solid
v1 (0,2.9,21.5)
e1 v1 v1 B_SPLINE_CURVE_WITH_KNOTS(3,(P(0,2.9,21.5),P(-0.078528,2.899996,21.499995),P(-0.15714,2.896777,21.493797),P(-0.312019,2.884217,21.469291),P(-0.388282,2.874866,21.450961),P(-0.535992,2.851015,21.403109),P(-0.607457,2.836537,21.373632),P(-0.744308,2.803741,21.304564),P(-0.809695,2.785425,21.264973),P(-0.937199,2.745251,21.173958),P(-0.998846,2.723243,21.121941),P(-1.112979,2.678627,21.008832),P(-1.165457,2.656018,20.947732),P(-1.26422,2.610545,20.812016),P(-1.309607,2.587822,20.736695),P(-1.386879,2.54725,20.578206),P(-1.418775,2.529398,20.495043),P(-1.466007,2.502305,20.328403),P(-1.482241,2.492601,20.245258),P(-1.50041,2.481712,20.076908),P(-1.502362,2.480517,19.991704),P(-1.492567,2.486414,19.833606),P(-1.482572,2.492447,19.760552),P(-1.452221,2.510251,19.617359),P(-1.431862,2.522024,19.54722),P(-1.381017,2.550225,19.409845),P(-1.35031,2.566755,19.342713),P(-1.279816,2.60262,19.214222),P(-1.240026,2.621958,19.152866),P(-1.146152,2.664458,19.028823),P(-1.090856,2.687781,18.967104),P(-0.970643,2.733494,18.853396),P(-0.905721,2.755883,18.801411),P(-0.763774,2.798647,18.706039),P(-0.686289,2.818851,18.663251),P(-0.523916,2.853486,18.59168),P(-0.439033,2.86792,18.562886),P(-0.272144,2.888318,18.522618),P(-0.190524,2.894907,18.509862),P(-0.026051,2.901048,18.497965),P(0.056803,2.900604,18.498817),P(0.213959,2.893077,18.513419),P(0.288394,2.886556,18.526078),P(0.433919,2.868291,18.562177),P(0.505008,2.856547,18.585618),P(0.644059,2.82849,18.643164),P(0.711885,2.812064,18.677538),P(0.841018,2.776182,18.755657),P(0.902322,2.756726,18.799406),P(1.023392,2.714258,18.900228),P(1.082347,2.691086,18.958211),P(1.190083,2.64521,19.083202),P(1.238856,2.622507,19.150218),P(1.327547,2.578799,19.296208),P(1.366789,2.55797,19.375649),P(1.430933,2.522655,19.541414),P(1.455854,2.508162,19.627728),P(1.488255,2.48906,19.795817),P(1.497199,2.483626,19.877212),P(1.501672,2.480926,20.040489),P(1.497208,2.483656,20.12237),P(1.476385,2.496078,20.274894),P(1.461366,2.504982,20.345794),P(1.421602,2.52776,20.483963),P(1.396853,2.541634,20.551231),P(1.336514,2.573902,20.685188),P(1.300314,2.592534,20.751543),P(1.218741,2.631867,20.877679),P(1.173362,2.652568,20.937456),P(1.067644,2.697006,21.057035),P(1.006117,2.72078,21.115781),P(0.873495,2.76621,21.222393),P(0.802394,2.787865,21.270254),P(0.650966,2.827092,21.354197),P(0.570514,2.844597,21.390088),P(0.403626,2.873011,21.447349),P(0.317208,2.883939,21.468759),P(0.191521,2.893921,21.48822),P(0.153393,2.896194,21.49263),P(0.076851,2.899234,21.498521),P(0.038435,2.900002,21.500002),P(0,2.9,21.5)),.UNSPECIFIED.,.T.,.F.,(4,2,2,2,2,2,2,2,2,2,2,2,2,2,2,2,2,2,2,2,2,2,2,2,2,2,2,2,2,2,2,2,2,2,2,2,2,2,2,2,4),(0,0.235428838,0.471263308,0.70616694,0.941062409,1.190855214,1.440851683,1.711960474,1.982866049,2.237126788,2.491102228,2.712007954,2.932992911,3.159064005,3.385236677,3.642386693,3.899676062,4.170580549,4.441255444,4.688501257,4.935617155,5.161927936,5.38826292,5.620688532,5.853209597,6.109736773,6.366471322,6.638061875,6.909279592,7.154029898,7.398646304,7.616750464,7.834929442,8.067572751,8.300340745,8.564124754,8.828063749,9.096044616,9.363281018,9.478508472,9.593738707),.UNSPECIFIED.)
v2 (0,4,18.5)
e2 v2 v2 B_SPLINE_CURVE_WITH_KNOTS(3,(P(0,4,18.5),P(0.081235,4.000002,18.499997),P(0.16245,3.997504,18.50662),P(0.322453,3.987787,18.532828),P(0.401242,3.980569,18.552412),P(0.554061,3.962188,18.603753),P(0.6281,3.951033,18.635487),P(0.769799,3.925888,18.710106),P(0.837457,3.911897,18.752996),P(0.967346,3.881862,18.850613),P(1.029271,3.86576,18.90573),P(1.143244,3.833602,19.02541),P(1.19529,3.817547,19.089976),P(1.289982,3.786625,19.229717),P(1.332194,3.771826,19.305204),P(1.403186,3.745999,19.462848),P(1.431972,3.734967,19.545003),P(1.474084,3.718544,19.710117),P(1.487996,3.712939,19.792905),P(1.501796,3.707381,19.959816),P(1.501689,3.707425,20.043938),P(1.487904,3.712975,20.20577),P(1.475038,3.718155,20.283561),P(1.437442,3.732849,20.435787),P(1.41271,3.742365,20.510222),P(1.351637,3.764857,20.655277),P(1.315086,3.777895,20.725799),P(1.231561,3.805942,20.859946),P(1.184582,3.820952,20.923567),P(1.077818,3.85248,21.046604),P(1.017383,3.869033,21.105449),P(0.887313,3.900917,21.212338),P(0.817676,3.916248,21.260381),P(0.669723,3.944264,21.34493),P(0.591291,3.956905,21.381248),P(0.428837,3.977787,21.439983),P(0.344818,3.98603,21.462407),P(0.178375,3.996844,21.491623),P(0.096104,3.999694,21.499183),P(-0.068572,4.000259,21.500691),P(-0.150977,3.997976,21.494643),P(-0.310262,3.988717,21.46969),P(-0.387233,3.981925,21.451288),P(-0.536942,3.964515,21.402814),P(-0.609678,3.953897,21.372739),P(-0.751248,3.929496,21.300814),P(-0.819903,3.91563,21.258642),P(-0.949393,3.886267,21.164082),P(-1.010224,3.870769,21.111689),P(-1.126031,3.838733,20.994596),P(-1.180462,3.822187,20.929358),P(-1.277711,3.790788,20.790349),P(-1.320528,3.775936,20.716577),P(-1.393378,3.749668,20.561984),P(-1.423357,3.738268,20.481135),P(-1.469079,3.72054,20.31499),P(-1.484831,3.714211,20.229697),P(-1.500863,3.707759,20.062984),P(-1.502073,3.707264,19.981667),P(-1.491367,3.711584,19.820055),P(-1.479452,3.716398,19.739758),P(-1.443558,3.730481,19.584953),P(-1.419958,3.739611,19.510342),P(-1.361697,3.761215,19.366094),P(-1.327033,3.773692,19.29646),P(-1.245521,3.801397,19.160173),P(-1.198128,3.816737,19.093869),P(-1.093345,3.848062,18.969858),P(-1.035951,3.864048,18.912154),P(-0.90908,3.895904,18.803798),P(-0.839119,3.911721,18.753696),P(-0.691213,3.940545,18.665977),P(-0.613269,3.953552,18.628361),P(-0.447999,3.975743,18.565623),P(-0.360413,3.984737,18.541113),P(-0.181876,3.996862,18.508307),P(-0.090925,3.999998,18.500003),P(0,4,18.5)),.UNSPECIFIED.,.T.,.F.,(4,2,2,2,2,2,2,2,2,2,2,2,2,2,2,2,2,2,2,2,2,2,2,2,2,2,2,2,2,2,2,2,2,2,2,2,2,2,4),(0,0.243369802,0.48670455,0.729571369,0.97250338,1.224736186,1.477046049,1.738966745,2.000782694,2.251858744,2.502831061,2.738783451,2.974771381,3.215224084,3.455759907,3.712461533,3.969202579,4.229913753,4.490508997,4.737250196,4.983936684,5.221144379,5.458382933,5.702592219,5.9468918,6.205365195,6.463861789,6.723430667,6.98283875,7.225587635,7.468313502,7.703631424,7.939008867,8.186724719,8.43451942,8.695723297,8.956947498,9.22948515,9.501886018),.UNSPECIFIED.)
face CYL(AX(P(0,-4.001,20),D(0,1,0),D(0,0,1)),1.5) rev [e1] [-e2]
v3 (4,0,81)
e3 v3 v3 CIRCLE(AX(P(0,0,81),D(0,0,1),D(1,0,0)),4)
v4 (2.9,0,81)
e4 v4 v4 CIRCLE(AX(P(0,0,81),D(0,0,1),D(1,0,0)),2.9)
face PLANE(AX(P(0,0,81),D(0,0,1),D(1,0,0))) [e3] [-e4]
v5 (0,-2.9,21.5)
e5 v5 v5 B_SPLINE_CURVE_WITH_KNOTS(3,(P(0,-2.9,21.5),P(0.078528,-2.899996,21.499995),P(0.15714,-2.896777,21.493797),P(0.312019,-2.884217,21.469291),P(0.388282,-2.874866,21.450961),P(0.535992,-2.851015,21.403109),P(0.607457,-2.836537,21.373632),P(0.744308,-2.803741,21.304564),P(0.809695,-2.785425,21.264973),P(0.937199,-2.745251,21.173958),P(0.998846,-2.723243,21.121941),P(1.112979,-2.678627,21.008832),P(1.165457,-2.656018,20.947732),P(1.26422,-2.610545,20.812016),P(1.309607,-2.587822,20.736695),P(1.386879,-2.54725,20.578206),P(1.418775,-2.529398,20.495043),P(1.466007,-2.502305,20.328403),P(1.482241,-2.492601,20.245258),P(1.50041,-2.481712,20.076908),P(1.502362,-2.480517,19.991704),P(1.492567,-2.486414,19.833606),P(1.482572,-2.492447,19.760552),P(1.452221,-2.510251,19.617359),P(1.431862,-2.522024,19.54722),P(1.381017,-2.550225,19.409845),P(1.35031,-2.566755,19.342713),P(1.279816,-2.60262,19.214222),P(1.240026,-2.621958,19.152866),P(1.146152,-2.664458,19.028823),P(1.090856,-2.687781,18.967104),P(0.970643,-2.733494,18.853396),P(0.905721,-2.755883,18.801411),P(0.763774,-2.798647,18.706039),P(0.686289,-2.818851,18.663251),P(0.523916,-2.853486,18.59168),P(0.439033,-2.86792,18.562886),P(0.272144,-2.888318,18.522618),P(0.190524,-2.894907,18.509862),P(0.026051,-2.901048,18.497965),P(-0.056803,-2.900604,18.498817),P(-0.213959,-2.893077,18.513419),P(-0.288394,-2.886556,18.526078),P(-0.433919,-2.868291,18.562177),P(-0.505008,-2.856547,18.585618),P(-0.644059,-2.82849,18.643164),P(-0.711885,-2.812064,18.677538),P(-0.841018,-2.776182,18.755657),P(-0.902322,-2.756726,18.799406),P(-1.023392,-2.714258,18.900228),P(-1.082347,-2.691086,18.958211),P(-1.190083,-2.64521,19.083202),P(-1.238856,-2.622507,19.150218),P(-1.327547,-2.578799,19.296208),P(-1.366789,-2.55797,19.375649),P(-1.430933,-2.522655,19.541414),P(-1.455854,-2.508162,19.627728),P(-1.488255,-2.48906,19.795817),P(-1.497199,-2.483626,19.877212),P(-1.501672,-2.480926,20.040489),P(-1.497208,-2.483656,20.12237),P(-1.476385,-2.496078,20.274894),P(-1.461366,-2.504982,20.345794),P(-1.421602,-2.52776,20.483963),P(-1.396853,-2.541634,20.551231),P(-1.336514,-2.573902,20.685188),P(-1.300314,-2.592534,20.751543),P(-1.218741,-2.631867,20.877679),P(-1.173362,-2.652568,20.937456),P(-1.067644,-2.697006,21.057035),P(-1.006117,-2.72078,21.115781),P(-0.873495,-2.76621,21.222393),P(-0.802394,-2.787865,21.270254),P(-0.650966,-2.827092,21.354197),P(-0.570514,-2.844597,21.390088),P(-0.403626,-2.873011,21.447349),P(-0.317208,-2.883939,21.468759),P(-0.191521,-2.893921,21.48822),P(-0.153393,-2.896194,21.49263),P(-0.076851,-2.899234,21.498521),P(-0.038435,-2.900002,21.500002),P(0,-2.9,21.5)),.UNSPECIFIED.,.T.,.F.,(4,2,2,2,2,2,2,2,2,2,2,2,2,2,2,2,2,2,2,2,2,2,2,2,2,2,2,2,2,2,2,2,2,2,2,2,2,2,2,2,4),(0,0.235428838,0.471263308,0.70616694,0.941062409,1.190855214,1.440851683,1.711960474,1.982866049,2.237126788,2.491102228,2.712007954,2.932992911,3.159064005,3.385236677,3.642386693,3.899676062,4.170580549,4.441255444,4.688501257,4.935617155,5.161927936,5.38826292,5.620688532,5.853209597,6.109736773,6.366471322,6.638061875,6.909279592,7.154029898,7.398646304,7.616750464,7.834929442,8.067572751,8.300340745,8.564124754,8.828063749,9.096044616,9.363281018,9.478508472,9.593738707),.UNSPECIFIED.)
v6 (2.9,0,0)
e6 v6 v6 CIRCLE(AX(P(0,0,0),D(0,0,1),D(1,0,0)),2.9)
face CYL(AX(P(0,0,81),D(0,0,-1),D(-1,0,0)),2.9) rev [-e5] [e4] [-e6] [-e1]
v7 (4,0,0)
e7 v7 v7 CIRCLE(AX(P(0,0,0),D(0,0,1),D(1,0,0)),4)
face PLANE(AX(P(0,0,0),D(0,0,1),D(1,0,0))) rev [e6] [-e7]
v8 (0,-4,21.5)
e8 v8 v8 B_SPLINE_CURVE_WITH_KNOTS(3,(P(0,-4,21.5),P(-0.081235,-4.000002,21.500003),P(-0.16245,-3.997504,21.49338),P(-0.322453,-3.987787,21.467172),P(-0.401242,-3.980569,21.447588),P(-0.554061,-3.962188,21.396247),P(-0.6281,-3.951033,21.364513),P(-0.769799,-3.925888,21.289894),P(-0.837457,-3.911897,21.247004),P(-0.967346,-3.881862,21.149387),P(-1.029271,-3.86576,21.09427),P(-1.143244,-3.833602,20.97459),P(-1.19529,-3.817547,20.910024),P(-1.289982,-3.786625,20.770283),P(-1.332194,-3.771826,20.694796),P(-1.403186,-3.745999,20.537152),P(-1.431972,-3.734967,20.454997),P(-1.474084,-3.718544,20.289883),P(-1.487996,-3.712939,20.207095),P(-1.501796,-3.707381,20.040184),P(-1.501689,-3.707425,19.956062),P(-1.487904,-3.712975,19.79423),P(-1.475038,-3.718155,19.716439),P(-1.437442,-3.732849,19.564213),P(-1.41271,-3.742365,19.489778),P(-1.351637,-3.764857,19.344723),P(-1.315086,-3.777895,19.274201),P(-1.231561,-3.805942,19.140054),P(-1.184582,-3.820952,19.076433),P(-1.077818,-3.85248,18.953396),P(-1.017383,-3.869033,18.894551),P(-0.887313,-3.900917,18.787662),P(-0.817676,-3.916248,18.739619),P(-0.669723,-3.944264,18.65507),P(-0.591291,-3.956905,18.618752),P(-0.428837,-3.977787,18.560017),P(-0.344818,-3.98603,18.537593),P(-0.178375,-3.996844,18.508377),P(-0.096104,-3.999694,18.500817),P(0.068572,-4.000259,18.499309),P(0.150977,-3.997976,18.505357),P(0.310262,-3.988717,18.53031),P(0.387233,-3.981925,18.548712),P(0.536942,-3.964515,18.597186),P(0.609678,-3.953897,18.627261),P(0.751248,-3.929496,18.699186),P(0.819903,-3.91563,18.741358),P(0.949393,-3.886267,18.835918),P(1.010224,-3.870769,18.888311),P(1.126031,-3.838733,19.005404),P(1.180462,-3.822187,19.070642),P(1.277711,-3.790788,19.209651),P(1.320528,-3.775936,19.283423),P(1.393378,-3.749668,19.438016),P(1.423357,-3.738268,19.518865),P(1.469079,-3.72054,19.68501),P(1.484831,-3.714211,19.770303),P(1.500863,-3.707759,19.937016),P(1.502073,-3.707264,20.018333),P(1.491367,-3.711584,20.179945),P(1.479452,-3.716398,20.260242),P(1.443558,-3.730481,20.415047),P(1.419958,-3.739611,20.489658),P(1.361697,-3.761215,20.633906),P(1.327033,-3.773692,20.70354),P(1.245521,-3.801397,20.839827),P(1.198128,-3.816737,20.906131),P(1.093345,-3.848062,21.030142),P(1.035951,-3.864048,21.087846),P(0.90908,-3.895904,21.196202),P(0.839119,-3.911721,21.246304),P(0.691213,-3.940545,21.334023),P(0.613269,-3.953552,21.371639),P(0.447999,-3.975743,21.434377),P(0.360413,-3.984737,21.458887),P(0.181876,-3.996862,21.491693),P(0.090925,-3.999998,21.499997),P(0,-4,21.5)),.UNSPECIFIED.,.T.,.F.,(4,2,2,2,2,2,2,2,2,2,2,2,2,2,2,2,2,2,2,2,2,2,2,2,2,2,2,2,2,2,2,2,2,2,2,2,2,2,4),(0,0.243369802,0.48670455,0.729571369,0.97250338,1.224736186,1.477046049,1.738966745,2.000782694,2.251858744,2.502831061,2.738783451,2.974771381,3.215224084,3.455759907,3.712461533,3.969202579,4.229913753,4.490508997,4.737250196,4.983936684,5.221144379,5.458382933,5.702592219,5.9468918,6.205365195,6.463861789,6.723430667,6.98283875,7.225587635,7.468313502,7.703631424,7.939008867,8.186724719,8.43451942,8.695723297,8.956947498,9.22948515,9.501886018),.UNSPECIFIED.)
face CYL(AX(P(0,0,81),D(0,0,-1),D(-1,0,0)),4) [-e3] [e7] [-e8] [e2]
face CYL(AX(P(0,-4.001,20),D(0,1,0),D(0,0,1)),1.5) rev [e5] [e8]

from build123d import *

# Parameters (mm, degrees)
SKETCH1_R                           = 4
SKETCH1_R_2                         = 2.9
SHAFT_BOSS_EXTRUDE1_DEPTH           = 81
CUT_EXTRUDE1_REACH                  = 83.197
CUT_EXTRUDE1_END_RADIUS             = 4
SKETCH2_R                           = 1.5
CUT_EXTRUDE1_DIRECTION_2_REACH      = 83.197
CUT_EXTRUDE1_DIRECTION_2_END_RADIUS = 4


with BuildPart() as part:
    # Sketch1 → Shaft Boss-Extrude1 (new body)
    with BuildSketch(Plane.XY):
        Circle(SKETCH1_R)
        Circle(SKETCH1_R_2, mode=Mode.SUBTRACT)
    extrude(amount=SHAFT_BOSS_EXTRUDE1_DEPTH)

    # Cut-Extrude1: up to this cylinder (the profile starts inside it)
    cut_extrude1_end = Plane(origin=(0, 0, 20), z_dir=(0, 0, -1)) * Cylinder(CUT_EXTRUDE1_END_RADIUS, 175.394, mode=Mode.PRIVATE)
    # Sketch2 → Cut-Extrude1 (cut, up to the surface)
    with BuildSketch(Plane(origin=(0, 0, 0), x_dir=(1, 0, 0), z_dir=(0, 1, 0)), mode=Mode.PRIVATE) as cut_extrude1_sk1:
        with Locations(Location((0, -20, 0), (0, 0, 270))):
            Circle(SKETCH2_R)
    cut_extrude1_tool1 = extrude(cut_extrude1_sk1.sketch, amount=-CUT_EXTRUDE1_REACH, mode=Mode.PRIVATE) & cut_extrude1_end
    add(cut_extrude1_tool1.solids().sort_by_distance((0, 0, 20))[0], mode=Mode.SUBTRACT)

    # Cut-Extrude1 direction 2: up to this cylinder (the profile starts inside it)
    cut_extrude1_direction_2_end = Plane(origin=(0, 0, 20), z_dir=(0, 0, -1)) * Cylinder(CUT_EXTRUDE1_DIRECTION_2_END_RADIUS, 175.394, mode=Mode.PRIVATE)
    # Sketch2 → Cut-Extrude1 direction 2 (cut, up to the surface)
    with BuildSketch(Plane(origin=(0, 0, 0), x_dir=(1, 0, 0), z_dir=(0, 1, 0)), mode=Mode.PRIVATE) as cut_extrude1_direction_2_sk1:
        with Locations(Location((0, -20, 0), (0, 0, 270))):
            Circle(SKETCH2_R)
    cut_extrude1_direction_2_tool1 = extrude(cut_extrude1_direction_2_sk1.sketch, amount=CUT_EXTRUDE1_DIRECTION_2_REACH, mode=Mode.PRIVATE) & cut_extrude1_direction_2_end
    add(cut_extrude1_direction_2_tool1.solids().sort_by_distance((0, 0, 20))[0], mode=Mode.SUBTRACT)


solid = part.part
